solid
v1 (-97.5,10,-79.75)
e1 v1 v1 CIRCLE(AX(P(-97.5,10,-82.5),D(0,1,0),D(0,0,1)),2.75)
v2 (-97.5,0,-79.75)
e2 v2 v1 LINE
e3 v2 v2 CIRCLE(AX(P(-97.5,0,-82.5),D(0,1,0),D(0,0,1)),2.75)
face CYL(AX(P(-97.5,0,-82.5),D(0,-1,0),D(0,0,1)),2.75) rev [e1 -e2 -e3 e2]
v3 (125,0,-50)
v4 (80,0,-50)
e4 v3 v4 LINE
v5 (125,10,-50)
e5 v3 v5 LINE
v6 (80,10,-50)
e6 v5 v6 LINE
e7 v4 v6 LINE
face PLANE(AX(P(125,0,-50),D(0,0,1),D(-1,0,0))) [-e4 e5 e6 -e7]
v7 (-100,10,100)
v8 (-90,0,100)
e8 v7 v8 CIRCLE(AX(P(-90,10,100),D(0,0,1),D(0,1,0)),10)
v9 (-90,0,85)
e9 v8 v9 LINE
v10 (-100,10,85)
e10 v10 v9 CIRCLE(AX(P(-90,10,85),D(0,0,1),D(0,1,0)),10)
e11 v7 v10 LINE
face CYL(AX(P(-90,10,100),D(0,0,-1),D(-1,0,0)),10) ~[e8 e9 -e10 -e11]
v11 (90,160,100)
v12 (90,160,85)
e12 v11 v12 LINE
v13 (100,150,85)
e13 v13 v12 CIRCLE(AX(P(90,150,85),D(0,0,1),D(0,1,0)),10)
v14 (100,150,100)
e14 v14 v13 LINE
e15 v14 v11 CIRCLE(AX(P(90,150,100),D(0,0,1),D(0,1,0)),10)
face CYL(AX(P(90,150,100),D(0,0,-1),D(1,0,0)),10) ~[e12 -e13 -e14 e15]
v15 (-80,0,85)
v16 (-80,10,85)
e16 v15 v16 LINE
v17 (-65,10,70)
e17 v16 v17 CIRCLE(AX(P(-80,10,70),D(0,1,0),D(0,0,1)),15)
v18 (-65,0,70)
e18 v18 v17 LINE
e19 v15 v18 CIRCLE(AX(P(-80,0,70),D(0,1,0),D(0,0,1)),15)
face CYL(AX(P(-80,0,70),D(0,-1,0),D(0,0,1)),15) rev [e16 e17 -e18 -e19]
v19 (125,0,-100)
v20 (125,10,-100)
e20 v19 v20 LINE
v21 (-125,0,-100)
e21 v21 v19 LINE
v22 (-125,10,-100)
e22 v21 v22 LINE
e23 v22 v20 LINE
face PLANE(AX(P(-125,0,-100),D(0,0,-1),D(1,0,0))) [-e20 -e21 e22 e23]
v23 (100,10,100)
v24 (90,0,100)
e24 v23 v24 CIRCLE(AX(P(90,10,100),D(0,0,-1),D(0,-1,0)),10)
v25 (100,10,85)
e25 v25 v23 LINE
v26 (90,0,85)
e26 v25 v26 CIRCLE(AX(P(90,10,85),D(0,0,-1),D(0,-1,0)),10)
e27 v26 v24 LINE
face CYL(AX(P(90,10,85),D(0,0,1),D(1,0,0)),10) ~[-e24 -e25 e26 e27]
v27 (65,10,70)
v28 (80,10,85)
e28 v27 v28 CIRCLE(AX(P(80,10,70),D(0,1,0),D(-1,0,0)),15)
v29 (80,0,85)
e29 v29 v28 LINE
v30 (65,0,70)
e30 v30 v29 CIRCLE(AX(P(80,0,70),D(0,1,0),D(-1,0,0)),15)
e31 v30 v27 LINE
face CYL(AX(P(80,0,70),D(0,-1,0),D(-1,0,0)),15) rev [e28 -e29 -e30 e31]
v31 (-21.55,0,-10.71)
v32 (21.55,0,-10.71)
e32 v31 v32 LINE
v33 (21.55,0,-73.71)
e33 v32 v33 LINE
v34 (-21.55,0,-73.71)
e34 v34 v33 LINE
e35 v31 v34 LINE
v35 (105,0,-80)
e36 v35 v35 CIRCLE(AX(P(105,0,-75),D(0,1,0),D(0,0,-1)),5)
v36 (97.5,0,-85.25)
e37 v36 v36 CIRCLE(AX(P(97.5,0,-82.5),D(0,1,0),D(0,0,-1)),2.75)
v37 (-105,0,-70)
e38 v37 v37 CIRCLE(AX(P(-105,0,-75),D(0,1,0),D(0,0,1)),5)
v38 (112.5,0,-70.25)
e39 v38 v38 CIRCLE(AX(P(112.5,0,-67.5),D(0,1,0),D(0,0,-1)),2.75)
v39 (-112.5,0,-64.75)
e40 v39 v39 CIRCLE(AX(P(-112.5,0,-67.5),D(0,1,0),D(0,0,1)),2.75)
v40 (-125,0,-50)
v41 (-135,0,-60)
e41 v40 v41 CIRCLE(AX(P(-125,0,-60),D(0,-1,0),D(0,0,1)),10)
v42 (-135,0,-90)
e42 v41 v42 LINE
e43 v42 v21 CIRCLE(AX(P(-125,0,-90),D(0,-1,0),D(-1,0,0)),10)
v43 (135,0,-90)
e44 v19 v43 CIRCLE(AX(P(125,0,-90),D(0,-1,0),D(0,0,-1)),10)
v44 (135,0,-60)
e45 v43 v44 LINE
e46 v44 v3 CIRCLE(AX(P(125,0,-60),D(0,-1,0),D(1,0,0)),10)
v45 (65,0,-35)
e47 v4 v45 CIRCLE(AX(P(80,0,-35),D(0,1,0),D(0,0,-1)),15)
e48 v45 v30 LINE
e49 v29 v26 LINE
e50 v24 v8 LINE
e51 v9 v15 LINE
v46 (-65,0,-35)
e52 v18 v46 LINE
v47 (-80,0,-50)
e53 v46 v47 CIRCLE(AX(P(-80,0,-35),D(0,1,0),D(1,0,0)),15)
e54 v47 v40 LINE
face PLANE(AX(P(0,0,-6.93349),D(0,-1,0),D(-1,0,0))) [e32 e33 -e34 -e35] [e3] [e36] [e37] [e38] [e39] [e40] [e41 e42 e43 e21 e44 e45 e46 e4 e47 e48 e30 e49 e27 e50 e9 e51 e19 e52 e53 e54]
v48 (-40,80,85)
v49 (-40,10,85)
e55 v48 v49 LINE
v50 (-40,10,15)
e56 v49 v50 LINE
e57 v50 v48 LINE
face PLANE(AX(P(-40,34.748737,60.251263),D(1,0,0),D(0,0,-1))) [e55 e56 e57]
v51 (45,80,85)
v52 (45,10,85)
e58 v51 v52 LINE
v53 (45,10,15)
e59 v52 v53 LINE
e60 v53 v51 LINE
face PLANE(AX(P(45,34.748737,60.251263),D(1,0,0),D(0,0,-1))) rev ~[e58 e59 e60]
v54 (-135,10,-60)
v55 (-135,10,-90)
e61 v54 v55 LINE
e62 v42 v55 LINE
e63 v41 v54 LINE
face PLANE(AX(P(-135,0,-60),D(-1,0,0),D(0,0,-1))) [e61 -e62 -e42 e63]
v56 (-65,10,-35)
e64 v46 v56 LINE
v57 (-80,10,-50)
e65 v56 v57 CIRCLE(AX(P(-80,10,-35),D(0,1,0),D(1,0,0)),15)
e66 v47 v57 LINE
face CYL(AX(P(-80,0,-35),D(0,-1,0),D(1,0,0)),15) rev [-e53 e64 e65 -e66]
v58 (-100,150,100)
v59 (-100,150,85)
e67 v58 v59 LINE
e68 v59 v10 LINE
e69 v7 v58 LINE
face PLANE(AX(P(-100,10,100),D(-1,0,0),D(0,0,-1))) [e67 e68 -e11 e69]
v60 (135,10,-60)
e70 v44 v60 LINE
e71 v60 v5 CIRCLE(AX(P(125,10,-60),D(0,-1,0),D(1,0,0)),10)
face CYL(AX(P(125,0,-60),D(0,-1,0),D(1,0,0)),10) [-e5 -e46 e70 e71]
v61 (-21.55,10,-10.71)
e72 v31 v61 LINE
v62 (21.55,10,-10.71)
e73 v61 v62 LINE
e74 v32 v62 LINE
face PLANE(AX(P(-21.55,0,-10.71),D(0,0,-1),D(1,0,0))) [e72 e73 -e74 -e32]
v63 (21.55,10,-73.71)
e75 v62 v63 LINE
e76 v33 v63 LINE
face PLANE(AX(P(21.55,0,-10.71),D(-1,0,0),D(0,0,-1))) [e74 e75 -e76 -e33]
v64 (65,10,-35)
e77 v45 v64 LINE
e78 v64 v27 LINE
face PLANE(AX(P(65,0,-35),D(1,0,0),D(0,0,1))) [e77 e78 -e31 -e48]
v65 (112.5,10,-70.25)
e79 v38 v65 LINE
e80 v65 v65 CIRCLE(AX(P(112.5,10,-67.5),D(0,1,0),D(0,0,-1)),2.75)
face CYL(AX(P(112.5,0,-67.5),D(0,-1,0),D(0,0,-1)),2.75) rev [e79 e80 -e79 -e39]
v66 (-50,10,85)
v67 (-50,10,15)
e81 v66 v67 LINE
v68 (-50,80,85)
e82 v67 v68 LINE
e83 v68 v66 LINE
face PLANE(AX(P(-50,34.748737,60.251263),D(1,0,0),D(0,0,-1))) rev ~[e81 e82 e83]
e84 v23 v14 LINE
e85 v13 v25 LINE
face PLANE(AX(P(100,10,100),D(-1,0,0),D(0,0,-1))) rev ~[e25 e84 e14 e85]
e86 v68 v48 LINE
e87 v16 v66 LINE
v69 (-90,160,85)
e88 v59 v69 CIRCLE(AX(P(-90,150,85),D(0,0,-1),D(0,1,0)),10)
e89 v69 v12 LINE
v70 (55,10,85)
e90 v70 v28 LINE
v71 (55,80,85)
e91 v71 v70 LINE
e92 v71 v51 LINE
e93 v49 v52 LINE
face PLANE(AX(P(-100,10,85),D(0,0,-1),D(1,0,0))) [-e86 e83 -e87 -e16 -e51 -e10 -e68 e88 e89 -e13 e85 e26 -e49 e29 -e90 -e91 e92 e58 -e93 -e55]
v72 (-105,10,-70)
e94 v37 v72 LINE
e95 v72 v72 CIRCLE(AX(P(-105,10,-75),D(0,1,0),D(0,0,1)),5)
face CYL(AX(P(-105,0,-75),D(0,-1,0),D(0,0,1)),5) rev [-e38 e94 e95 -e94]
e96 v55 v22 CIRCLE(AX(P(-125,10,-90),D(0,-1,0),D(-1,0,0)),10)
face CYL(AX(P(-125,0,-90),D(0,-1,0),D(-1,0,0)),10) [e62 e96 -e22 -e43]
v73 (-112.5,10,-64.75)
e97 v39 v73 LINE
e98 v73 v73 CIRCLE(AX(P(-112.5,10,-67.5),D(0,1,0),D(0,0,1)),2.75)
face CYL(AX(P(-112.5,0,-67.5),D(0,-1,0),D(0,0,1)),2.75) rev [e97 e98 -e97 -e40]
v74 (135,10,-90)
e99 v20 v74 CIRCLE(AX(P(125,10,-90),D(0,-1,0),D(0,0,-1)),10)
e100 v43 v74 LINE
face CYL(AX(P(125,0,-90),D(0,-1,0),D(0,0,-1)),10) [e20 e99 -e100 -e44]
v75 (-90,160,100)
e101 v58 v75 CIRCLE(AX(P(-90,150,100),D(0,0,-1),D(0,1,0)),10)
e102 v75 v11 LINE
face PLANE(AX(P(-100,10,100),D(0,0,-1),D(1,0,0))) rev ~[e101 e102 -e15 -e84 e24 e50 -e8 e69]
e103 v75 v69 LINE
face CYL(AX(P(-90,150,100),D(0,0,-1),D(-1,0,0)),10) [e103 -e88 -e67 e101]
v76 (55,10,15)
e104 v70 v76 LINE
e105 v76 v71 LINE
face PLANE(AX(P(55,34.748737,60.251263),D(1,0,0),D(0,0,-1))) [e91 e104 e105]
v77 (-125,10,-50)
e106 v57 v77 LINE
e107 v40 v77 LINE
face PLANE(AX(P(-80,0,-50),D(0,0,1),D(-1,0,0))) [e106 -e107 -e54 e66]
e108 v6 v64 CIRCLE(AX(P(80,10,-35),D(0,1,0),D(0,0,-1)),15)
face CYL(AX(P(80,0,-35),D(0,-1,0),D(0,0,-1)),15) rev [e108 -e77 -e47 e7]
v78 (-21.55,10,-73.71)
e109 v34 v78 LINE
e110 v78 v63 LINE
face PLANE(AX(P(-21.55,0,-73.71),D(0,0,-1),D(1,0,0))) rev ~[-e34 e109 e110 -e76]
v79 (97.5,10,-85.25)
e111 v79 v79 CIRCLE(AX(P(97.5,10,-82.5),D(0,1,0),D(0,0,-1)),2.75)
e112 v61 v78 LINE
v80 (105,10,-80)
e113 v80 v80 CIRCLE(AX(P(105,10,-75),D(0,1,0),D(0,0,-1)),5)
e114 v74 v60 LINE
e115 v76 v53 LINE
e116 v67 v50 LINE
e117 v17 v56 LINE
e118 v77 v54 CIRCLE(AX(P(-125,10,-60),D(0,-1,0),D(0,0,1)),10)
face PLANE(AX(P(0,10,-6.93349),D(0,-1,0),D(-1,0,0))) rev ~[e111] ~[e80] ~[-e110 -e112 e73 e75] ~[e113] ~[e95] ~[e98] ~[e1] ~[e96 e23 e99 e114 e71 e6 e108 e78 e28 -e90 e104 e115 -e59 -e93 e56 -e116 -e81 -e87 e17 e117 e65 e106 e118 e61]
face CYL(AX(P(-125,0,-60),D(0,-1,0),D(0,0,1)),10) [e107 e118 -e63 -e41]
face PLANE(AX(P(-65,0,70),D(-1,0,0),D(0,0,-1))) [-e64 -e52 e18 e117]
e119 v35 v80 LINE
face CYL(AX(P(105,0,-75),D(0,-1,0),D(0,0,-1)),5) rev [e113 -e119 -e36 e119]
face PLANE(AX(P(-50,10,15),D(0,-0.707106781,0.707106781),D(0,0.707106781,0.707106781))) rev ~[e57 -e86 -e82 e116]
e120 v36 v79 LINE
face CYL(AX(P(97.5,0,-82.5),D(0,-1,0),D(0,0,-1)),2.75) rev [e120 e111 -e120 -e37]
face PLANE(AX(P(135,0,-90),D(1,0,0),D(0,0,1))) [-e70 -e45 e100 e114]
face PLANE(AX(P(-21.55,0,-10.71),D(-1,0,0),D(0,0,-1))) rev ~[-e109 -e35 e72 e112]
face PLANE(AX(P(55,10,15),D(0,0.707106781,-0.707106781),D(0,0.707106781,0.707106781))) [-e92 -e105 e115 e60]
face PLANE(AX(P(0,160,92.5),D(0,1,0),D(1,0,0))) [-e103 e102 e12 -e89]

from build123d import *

# Parameters (mm, degrees)
SKIZZE1_R                       = 5
SKIZZE1_R_2                     = 2.75
SKIZZE1_W                       = 43.1
SKIZZE1_H                       = 63
AUFSATZ_LINEAR_AUSTRAGEN1_DEPTH = 10
SKIZZE3_W                       = 200
SKIZZE3_H                       = 15
AUFSATZ_LINEAR_AUSTRAGEN2_DEPTH = 150
VERRUNDUNG1_R                   = 10
AUFSATZ_LINEAR_AUSTRAGEN3_DEPTH = 10
AUFSATZ_LINEAR_AUSTRAGEN4_DEPTH = 10


with BuildPart() as part:
    # Skizze1 → Aufsatz-Linear austragen1 (new body)
    with BuildSketch(Plane(origin=(0, 0, 0), x_dir=(1, 0, 0), z_dir=(0, 1, 0))):
        with BuildLine():
            Line((-125, 100), (125, 100))
            ThreePointArc((125, 100), (132.071067812, 97.071067812), (135, 90))
            Line((135, 90), (135, 60))
            ThreePointArc((135, 60), (132.071067812, 52.928932188), (125, 50))
            Line((125, 50), (80, 50))
            ThreePointArc((80, 50), (69.393398282, 45.606601718), (65, 35))
            Line((65, 35), (65, -70))
            ThreePointArc((65, -70), (69.393398282, -80.606601718), (80, -85))
            Line((80, -85), (90, -85))
            Line((90, -85), (100, -85))
            Line((100, -85), (100, -100))
            Line((100, -100), (80, -100))
            Line((80, -100), (-80, -100))
            Line((-80, -100), (-100, -100))
            Line((-100, -100), (-100, -85))
            Line((-100, -85), (-90, -85))
            Line((-90, -85), (-80, -85))
            ThreePointArc((-80, -85), (-69.393398282, -80.606601718), (-65, -70))
            Line((-65, -70), (-65, 35))
            ThreePointArc((-65, 35), (-69.393398282, 45.606601718), (-80, 50))
            Line((-80, 50), (-125, 50))
            ThreePointArc((-125, 50), (-132.071067812, 52.928932188), (-135, 60))
            Line((-135, 60), (-135, 90))
            ThreePointArc((-135, 90), (-132.071067812, 97.071067812), (-125, 100))
        make_face()
        with Locations(Location((-105, 75, 0), (0, 0, 270))):
            Circle(SKIZZE1_R, mode=Mode.SUBTRACT)
        with Locations(Location((105, 75, 0), (0, 0, 90))):
            Circle(SKIZZE1_R, mode=Mode.SUBTRACT)
        with Locations(Location((-97.5, 82.5, 0), (0, 0, 270))):
            Circle(SKIZZE1_R_2, mode=Mode.SUBTRACT)
        with Locations(Location((-112.5, 67.5, 0), (0, 0, 270))):
            Circle(SKIZZE1_R_2, mode=Mode.SUBTRACT)
        with Locations(Location((97.5, 82.5, 0), (0, 0, 90))):
            Circle(SKIZZE1_R_2, mode=Mode.SUBTRACT)
        with Locations(Location((112.5, 67.5, 0), (0, 0, 90))):
            Circle(SKIZZE1_R_2, mode=Mode.SUBTRACT)
        with Locations((0, 42.21)):
            Rectangle(SKIZZE1_W, SKIZZE1_H, mode=Mode.SUBTRACT)
    extrude(amount=AUFSATZ_LINEAR_AUSTRAGEN1_DEPTH)

    # Skizze3 → Aufsatz-Linear austragen2 (add)
    with BuildSketch(Plane(origin=(0, 10, 0), x_dir=(1, 0, 0), z_dir=(0, 1, 0))):
        with Locations((0, -92.5)):
            Rectangle(SKIZZE3_W, SKIZZE3_H)
    extrude(amount=AUFSATZ_LINEAR_AUSTRAGEN2_DEPTH)

    # Verrundung1
    verrundung1_edges = [part.edges().sort_by_distance(p)[0] for p in [
        (-100, 160, 92.5),
        (100, 160, 92.5),
        (100, 0, 92.5),
        (-100, 0, 92.5),
    ]]
    fillet(verrundung1_edges, radius=VERRUNDUNG1_R)

    # Skizze5 → Aufsatz-Linear austragen3 (add)
    with BuildSketch(Plane.ZY.offset(50)):
        Polygon((15, 10), (85, 80), (85, 10), align=None)
    extrude(amount=-AUFSATZ_LINEAR_AUSTRAGEN3_DEPTH)

    # Skizze6 → Aufsatz-Linear austragen4 (add)
    with BuildSketch(Plane(origin=(55, 0, 0), x_dir=(0, 0, -1), z_dir=(1, 0, 0))):
        Polygon((-15, 10), (-85, 80), (-85, 10), align=None)
    extrude(amount=-AUFSATZ_LINEAR_AUSTRAGEN4_DEPTH)


solid = part.part
